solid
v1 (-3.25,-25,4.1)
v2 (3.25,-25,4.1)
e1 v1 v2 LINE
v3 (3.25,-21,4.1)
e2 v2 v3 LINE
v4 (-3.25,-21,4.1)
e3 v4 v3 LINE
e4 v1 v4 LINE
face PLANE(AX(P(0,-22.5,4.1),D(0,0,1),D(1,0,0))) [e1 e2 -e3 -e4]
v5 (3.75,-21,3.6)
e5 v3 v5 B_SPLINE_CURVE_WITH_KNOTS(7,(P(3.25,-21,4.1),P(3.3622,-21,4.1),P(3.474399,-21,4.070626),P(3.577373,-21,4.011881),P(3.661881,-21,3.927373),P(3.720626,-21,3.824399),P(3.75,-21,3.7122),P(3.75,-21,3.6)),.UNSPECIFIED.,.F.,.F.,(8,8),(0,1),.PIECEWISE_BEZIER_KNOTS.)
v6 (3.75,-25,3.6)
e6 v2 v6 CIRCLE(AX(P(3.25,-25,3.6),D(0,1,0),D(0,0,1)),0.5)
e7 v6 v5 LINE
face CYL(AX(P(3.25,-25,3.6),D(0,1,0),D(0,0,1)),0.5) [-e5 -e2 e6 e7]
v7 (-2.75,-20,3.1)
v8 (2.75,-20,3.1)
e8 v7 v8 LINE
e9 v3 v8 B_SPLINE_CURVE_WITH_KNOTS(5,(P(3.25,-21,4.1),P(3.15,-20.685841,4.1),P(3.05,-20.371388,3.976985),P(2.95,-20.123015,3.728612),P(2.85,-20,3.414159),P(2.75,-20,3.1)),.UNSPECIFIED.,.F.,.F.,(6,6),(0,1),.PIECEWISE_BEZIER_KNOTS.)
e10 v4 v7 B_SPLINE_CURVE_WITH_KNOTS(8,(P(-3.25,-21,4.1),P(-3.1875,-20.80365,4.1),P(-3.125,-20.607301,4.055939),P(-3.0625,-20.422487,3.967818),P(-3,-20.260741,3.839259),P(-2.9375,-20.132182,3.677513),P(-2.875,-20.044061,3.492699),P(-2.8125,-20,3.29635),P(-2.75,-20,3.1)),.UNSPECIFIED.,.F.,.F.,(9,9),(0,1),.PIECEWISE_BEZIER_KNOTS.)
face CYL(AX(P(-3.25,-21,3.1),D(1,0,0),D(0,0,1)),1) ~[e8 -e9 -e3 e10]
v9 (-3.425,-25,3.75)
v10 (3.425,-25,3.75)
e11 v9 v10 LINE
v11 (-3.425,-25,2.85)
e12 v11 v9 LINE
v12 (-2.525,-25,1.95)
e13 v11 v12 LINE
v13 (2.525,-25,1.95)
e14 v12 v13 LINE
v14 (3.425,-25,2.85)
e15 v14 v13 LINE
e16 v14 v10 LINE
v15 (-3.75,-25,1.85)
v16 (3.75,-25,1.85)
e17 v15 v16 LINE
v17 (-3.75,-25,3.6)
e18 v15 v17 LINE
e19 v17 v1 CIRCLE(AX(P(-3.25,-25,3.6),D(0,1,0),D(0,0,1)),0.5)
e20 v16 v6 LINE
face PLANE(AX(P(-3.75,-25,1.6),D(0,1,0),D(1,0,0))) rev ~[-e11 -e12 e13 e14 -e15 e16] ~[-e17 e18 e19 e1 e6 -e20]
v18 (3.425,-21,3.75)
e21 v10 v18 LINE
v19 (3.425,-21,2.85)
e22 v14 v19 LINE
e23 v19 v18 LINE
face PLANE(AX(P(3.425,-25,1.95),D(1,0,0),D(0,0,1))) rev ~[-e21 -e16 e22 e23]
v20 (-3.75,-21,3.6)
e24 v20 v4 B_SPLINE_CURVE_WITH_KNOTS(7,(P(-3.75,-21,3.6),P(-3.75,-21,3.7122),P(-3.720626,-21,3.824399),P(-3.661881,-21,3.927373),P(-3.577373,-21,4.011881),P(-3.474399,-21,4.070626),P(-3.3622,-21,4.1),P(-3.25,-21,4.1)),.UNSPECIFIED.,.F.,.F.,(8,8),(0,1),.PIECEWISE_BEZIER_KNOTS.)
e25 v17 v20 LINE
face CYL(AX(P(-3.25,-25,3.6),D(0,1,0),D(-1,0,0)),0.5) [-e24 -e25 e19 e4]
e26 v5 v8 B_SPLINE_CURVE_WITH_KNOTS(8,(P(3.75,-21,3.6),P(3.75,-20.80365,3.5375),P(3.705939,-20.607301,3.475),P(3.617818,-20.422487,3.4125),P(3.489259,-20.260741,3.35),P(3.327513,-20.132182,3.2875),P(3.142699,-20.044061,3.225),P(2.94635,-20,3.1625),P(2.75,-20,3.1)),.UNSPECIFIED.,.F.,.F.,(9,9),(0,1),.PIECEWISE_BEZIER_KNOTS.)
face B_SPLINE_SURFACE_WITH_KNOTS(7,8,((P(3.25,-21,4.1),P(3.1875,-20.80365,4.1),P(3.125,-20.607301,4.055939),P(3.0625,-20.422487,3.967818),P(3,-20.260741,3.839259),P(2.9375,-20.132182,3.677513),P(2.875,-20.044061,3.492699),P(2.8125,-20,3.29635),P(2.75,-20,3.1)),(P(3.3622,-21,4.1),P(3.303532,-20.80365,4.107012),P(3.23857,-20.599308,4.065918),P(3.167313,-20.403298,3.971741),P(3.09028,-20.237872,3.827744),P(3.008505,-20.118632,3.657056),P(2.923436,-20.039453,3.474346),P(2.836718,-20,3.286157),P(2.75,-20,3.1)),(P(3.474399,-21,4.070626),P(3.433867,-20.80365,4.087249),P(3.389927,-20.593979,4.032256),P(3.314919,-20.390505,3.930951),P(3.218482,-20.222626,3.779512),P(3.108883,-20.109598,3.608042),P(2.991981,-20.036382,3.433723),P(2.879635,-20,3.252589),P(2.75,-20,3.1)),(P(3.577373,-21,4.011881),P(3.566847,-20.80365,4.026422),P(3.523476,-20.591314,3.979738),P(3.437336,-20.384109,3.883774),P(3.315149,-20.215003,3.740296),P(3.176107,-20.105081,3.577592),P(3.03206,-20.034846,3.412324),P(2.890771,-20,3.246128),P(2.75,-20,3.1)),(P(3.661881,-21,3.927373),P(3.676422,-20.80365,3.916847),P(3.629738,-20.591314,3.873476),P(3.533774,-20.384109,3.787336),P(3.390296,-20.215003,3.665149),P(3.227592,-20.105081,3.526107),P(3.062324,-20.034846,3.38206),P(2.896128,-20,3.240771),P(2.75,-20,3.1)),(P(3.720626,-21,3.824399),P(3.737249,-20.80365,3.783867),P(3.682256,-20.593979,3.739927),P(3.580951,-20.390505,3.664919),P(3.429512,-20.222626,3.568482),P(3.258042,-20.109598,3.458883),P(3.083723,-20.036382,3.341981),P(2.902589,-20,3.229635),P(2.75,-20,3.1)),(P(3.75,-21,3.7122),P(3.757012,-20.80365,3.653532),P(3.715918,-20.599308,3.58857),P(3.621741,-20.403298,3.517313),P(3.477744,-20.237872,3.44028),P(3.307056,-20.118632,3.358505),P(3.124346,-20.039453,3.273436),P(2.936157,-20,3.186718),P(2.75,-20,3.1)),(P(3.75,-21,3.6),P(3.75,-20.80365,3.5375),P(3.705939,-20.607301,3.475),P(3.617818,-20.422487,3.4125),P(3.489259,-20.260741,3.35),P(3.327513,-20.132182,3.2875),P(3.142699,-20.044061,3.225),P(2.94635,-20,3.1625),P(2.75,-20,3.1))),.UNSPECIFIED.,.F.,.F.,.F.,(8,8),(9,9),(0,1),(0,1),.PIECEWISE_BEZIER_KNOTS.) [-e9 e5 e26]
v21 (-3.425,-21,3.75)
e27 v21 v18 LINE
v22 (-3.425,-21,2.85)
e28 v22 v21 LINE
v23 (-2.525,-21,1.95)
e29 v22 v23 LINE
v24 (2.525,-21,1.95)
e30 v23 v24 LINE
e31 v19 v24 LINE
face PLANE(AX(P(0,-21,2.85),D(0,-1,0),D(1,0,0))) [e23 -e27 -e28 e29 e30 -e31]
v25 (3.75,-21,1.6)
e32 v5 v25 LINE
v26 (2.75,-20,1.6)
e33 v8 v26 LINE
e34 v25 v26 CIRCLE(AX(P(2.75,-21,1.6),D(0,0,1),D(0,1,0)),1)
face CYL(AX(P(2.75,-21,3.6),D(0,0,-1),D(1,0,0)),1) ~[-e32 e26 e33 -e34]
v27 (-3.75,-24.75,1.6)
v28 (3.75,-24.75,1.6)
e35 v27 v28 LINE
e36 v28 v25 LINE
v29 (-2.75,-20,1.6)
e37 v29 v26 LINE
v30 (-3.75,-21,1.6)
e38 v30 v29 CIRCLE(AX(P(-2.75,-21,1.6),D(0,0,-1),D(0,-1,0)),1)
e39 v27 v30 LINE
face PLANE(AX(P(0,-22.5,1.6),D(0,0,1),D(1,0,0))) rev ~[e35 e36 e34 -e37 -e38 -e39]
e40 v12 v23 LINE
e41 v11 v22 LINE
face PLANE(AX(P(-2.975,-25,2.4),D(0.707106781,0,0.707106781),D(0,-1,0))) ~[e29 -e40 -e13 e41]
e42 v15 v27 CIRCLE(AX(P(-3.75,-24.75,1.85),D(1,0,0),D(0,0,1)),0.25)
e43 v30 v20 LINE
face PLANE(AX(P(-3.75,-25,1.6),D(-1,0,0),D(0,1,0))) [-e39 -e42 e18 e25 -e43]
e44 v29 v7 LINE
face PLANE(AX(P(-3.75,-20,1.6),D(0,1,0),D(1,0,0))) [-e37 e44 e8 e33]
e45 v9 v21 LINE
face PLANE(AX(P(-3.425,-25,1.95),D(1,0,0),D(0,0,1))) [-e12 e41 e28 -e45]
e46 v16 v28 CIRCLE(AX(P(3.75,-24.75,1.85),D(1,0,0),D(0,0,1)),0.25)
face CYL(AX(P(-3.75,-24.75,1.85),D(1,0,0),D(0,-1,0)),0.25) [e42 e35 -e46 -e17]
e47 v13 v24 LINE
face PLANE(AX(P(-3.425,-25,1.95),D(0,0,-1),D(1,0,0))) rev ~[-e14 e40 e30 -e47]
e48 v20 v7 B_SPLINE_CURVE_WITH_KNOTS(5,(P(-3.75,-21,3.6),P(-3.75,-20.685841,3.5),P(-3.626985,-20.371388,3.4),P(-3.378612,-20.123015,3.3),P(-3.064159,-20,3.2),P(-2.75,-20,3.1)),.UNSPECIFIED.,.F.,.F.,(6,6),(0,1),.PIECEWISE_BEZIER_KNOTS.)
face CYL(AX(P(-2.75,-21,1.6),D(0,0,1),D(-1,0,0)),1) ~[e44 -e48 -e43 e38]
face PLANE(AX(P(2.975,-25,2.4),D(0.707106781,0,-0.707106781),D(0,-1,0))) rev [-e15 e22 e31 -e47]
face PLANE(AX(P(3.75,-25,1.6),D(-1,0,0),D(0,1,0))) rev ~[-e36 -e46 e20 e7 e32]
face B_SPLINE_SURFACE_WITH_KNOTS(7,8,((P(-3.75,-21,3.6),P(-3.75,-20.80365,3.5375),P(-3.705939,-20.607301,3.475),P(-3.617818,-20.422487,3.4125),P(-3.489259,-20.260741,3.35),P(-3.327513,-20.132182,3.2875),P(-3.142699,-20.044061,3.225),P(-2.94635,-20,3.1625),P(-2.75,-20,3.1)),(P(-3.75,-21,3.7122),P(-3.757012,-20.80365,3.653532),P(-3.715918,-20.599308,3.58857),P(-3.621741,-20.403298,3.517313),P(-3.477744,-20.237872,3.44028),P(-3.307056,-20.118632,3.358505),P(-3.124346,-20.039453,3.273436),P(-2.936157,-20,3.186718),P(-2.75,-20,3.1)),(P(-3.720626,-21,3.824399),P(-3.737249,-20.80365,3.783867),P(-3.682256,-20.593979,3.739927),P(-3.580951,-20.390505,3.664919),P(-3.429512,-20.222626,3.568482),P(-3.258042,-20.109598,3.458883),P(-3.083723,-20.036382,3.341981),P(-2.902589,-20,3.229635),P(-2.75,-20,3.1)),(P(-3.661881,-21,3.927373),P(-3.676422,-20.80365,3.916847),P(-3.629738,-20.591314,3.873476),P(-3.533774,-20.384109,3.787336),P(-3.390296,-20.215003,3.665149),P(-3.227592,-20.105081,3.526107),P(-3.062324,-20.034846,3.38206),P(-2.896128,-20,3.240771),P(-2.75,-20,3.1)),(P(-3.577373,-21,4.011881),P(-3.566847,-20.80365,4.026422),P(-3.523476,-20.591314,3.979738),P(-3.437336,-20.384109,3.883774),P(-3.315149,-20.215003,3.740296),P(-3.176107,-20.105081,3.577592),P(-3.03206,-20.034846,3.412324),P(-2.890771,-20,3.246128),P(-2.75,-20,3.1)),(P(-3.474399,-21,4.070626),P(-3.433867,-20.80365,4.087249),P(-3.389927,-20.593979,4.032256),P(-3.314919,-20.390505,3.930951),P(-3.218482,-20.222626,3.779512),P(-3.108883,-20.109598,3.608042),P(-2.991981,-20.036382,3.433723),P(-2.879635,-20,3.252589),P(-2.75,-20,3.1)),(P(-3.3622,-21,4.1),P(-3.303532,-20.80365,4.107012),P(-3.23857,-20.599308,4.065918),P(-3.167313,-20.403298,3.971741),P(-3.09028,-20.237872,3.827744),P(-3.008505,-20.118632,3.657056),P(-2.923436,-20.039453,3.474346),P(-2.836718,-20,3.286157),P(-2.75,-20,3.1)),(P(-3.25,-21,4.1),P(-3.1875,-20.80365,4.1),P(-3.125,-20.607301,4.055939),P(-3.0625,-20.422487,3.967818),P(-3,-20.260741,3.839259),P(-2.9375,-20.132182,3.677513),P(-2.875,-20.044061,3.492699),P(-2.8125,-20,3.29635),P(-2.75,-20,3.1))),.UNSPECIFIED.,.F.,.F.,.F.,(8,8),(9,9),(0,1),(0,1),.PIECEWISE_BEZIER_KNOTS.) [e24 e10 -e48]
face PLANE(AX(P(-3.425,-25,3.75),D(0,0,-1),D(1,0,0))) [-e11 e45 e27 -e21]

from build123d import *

# Parameters (mm, degrees)
SKETCH007_W     = 7.5
SKETCH007_H     = 5
PAD006_DEPTH    = 2.5
SKETCH008_W     = 6.85
SKETCH008_H     = 1.8
POCKET001_DEPTH = 4
FILLET_R        = 0.5
CHAMFER003_SIZE = 0.9
FILLET001_R     = 0.25
FILLET002_R     = 1


with BuildPart() as part:
    # Sketch007 (on Face1 of CopyPad003) → Pad006 (new body)
    with BuildSketch(Plane.XY.offset(1.6)):
        with Locations((0, -25.5)):
            Rectangle(SKETCH007_W, SKETCH007_H)
    extrude(amount=PAD006_DEPTH)

    # Sketch008 (on Face1 of Pad006) → Pocket001 (cut)
    with BuildSketch(Plane(origin=(0, -28, 1.6), x_dir=(1, 0, 0), z_dir=(0, -1, 0))):
        with Locations((0, 1.25)):
            Rectangle(SKETCH008_W, SKETCH008_H)
    extrude(amount=-POCKET001_DEPTH, mode=Mode.SUBTRACT)

    # Fillet
    fillet_edges = [part.edges().sort_by_distance(p)[0] for p in [
        (-3.75, -25.5, 4.1),
        (3.75, -25.5, 4.1),
    ]]
    fillet(fillet_edges, radius=FILLET_R)

    # Chamfer003
    chamfer003_edges = [part.edges().sort_by_distance(p)[0] for p in [
        (3.425, -26, 1.95),
        (-3.425, -26, 1.95),
    ]]
    chamfer(chamfer003_edges, length=CHAMFER003_SIZE)

    # Fillet001
    fillet001_edges = [part.edges().sort_by_distance(p)[0] for p in [
        (0, -28, 1.6),
    ]]
    fillet(fillet001_edges, radius=FILLET001_R)

    # Fillet002
    fillet002_edges = [part.edges().sort_by_distance(p)[0] for p in [
        (0, -23, 4.1),
    ]]
    fillet(fillet002_edges, radius=FILLET002_R)


with BuildPart() as part_1:
    # Body006 placement: moved
    add(part.part.moved(Location((0, 3, 0))))


solid = part_1.part
